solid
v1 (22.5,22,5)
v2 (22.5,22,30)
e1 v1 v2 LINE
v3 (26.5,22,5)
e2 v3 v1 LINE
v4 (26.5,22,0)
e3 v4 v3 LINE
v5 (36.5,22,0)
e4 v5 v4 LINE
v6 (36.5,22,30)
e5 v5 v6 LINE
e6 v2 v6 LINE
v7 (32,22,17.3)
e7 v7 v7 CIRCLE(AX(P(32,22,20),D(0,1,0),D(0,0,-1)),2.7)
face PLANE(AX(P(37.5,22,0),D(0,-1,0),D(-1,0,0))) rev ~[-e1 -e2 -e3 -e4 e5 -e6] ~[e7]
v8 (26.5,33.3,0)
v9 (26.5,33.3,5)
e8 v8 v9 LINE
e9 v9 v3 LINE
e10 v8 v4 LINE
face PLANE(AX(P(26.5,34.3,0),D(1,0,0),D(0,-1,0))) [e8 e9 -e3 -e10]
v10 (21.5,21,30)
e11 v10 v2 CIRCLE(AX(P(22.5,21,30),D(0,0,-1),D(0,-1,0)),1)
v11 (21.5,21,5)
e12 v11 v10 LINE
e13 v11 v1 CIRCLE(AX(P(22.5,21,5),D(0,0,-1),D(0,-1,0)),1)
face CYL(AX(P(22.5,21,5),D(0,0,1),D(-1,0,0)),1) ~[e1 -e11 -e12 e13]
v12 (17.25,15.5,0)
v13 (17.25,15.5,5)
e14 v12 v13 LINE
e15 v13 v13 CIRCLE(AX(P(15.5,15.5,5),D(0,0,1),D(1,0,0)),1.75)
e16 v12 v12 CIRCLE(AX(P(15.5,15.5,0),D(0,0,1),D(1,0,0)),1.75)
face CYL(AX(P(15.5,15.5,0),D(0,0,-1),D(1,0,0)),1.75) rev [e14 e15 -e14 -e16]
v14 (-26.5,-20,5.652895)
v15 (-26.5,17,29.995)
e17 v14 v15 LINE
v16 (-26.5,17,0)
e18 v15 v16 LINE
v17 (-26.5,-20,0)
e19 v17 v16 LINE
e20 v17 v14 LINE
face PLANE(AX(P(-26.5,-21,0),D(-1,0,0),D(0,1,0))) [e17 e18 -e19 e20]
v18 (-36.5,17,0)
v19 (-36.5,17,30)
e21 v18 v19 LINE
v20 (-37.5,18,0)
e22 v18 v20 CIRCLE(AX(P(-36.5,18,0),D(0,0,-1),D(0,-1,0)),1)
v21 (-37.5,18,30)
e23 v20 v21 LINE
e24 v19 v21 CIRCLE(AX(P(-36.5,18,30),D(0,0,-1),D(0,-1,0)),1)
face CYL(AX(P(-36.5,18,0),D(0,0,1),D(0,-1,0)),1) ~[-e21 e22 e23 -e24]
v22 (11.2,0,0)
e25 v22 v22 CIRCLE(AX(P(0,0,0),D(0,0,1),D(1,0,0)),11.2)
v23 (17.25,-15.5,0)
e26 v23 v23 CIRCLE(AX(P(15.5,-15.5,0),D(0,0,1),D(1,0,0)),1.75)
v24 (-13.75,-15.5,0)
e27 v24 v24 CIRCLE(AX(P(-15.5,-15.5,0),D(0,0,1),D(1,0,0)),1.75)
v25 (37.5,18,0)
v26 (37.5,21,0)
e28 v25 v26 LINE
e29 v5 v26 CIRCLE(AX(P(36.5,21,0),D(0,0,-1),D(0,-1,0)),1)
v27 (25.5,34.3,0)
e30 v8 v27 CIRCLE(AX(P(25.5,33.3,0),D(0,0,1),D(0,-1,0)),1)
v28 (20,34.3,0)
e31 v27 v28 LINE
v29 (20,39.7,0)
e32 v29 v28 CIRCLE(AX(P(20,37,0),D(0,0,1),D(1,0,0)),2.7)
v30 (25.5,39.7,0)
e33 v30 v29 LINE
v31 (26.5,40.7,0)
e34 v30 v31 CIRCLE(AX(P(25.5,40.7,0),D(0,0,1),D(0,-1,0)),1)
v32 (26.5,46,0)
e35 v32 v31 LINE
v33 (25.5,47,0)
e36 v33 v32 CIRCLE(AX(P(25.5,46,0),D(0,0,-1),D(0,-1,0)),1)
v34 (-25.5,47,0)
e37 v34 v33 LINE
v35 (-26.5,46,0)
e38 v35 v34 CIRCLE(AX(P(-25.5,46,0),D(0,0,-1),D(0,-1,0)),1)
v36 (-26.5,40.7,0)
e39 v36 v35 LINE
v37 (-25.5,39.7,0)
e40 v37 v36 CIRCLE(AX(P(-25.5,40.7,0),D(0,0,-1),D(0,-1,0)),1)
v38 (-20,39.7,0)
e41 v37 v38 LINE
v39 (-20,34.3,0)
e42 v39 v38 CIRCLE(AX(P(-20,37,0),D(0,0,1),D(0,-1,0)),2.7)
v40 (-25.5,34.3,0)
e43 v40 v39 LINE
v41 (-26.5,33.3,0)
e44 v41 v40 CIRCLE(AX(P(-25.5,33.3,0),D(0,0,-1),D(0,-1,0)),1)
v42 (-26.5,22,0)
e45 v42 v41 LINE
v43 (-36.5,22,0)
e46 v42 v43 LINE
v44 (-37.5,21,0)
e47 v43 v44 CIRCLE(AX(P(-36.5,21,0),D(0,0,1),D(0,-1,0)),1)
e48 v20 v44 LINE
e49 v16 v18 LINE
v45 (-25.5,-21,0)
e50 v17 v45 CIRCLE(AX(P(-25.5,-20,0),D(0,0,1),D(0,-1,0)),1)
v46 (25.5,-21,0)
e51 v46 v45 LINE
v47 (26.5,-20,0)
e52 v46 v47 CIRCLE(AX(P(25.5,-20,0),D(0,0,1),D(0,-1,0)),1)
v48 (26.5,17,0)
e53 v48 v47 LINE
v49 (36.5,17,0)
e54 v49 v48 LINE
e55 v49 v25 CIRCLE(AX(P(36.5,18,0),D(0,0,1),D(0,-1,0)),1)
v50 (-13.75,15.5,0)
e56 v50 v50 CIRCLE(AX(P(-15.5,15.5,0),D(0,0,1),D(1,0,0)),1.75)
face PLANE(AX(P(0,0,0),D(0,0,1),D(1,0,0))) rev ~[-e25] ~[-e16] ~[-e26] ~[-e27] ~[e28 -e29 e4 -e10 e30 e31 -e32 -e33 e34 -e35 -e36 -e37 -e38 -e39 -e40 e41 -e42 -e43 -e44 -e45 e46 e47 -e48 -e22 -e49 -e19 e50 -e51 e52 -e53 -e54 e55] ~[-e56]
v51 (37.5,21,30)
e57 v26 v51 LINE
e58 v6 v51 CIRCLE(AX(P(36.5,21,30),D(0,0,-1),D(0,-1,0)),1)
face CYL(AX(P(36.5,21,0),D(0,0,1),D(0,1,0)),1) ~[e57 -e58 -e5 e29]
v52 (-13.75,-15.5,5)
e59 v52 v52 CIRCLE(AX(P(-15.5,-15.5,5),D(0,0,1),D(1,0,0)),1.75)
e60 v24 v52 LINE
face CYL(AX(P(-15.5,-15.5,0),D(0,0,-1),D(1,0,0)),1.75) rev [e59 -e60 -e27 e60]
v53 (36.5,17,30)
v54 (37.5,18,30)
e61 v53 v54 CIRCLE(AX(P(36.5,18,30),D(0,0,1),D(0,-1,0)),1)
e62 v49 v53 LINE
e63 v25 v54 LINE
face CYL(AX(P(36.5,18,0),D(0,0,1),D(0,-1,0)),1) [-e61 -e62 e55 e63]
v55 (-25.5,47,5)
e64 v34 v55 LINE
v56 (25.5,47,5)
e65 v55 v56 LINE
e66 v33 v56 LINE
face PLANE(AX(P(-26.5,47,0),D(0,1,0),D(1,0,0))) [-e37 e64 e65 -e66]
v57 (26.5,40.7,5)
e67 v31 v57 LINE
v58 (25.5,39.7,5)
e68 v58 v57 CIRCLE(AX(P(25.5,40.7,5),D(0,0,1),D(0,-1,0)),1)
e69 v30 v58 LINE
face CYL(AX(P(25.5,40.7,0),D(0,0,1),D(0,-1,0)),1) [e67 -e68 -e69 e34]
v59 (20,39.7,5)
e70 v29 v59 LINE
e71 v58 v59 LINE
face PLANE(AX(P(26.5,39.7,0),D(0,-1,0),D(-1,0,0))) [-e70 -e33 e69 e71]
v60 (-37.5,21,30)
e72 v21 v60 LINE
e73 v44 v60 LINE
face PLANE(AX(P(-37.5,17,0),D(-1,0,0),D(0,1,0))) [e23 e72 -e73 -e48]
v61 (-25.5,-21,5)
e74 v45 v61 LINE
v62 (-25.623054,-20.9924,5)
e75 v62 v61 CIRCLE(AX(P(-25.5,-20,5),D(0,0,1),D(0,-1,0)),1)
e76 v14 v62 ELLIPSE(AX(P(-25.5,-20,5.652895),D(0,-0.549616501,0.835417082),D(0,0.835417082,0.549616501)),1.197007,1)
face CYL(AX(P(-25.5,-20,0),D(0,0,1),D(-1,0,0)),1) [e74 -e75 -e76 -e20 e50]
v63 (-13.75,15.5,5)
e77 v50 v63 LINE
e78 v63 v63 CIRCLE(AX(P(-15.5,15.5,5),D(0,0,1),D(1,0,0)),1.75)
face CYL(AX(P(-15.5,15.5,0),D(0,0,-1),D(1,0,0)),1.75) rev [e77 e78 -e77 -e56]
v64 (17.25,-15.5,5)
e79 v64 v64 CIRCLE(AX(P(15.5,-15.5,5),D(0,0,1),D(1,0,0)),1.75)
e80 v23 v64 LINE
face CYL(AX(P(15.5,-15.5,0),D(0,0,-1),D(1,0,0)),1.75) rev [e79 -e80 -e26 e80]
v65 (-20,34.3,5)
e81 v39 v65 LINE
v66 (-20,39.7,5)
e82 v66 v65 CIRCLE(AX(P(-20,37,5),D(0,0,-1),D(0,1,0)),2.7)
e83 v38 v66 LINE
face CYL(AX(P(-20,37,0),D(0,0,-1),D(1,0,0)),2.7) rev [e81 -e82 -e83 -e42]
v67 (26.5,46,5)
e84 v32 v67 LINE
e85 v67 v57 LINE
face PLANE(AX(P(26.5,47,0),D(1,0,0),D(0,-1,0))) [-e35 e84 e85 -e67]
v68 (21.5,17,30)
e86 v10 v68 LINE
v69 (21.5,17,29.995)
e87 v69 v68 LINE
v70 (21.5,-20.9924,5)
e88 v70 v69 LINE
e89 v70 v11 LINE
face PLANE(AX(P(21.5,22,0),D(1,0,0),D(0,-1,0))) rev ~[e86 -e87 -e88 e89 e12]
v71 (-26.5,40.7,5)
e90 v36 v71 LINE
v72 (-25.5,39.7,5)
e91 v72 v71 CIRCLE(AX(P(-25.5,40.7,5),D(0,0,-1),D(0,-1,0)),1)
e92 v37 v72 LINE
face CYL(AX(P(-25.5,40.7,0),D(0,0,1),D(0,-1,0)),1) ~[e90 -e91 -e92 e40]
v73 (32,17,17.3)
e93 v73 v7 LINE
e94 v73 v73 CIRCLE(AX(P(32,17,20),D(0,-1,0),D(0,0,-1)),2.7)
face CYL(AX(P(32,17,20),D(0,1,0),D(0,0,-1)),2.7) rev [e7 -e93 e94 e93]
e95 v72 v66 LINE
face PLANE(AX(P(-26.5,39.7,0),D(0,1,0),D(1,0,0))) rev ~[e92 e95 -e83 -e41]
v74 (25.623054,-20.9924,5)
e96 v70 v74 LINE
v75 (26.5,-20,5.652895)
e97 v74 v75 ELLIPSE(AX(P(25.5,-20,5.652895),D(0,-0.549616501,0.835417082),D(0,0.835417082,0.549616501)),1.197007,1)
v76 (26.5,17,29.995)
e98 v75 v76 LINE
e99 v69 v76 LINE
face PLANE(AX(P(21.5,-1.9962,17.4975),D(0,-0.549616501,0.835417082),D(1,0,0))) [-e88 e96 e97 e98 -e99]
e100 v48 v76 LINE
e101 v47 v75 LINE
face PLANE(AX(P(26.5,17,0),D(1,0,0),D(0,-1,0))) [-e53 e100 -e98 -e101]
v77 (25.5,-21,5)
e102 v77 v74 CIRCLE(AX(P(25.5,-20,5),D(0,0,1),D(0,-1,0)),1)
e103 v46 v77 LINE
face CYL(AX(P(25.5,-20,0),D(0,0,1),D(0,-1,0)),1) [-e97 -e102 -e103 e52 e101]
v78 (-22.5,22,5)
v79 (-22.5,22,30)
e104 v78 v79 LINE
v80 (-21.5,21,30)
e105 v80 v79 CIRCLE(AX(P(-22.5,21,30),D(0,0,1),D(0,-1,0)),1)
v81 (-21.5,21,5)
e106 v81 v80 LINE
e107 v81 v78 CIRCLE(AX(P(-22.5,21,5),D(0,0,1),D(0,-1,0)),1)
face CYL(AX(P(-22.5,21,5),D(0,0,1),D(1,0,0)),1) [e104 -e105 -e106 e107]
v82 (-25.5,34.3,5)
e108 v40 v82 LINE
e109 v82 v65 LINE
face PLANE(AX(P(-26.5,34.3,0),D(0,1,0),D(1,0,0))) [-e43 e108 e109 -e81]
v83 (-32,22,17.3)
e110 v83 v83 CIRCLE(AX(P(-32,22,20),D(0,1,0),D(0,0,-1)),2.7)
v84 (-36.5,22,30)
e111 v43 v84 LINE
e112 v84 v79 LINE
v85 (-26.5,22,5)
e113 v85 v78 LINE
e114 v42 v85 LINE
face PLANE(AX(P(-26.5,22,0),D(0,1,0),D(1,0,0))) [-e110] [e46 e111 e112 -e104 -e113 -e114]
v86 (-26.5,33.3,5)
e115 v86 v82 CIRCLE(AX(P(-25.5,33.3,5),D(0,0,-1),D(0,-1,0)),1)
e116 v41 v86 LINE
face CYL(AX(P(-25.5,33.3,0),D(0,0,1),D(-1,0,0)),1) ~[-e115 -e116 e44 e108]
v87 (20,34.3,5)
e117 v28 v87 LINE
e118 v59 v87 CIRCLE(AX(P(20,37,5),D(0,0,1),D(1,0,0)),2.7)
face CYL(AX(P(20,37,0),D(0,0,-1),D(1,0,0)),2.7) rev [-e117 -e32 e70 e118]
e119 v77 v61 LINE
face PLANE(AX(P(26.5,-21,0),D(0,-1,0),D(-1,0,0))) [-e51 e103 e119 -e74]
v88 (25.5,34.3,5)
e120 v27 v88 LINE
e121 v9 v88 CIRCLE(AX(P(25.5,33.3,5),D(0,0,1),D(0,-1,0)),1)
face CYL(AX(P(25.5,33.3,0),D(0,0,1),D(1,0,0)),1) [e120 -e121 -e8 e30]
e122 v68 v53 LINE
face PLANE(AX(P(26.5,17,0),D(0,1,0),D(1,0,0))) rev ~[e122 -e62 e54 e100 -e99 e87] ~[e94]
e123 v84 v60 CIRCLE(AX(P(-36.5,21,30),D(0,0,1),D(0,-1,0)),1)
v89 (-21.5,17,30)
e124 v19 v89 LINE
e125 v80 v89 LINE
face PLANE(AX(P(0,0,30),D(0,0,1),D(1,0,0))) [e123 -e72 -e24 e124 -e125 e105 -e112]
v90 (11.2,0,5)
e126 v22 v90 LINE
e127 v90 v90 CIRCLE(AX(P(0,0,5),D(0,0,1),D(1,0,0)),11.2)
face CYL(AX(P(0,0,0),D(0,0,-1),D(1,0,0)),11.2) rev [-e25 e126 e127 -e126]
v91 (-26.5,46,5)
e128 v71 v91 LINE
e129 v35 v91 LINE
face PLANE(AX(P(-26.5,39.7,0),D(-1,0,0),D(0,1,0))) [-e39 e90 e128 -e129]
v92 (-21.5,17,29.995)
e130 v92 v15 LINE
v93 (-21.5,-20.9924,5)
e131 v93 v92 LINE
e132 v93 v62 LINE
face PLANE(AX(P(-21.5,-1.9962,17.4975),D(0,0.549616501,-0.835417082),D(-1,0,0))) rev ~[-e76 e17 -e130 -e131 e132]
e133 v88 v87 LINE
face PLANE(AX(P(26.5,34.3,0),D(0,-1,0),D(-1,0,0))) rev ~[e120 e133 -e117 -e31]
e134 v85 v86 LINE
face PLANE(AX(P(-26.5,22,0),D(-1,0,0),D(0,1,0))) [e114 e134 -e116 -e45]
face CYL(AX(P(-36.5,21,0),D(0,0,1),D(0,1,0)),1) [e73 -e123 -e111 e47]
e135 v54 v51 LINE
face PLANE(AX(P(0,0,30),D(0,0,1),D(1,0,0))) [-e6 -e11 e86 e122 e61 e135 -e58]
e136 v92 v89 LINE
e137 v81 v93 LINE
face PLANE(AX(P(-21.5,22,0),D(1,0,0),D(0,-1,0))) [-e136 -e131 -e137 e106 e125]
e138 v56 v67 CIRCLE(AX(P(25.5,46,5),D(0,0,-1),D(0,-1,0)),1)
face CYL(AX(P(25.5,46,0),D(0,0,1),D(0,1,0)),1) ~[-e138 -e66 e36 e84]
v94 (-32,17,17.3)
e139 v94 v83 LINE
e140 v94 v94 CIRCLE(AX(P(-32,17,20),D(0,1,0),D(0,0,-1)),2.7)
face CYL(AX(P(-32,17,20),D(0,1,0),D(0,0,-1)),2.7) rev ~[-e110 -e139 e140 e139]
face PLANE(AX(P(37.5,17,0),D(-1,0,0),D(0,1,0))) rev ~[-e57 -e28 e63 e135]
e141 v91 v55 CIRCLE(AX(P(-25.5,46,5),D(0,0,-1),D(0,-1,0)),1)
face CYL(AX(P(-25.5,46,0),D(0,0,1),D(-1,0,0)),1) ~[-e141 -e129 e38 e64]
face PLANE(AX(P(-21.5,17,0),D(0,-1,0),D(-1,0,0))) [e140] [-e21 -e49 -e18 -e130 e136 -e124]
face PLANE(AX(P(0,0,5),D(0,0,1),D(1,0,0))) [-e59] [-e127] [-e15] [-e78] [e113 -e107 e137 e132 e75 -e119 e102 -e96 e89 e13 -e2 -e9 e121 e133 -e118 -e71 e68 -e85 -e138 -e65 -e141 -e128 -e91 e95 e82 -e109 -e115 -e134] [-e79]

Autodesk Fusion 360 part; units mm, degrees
sketch "スケッチ1" plane through (0, 0, 0) normal (0, 0, 1) x (1, 0, 0)
  line L0 (-26.5, 47) -> (26.5, 47)
  line L1 (26.5, 47) -> (26.5, -21)
  line L2 (26.5, -21) -> (-26.5, -21)
  line L3 (-26.5, -21) -> (-26.5, 47)
  circle A0 centre (0, 0) radius 11.2
  circle A1 centre (-15.5, -15.5) radius 1.75
  circle A2 centre (15.5, -15.5) radius 1.75
  circle A3 centre (15.5, 15.5) radius 1.75
  circle A4 centre (-15.5, 15.5) radius 1.75
  line L4 (21.5, 17) -> (37.5, 17)
  line L5 (37.5, 17) -> (37.5, 22)
  line L6 (37.5, 22) -> (21.5, 22)
  line L7 (21.5, 22) -> (21.5, 17)
  circle A5 centre (20, 37) radius 2.7
  line L8 (0, 0) -> (0, 47) construction
  line L9 (-37.5, 22) -> (-21.5, 22)
  line L10 (-21.5, 22) -> (-21.5, 17)
  line L11 (-21.5, 17) -> (-37.5, 17)
  line L12 (-37.5, 17) -> (-37.5, 22)
  circle A6 centre (-20, 37) radius 2.7
  line L13 (26.5, 39.7) -> (20, 39.7)
  line L14 (26.5, 34.3) -> (20, 34.3)
  line L15 (-26.5, 34.3) -> (-20, 34.3)
  line L16 (-26.5, 39.7) -> (-20, 39.7)
  dimension "d1" = 53
  dimension "d2" = 68
  dimension "d3" = 26.5
  dimension "d4" = 21
  dimension "d5" = 22.4
  dimension "d6" = 3.5
  dimension "d7" = 15.5
  dimension "d8" = 15.5
  dimension "d10" = 360
  dimension "d11" = 16
  dimension "d12" = 5
  dimension "d13" = 11
  dimension "d14" = 25
  dimension "d15" = 5.4
  dimension "d16" = 10
  dimension "d17" = 6.5
extrude "押し出し1" add sketch "スケッチ1" along normal blind 5 contours L0 L1 L2 L3 L4 L6 L7 A5 L9 L10 L11 A6 L13 L14 L15 L16
extrude "押し出し2" add sketch "スケッチ1" along normal blind 30 contours L3 L9 L10 L11 | L3 L9 L11 L12 | L1 L4 L5 L6 | L1 L4 L6 L7
chamfer "面取り1" distance 38 distance2 25 2 edges at (24, 17, 5) (-24, 17, 5) measured on face at (0.279, 27.7319, 5) measured on face at (0.279, 27.7319, 5)
fillet "フィレット1" radius 1 14 edges at (-37.5, 17, 15) (-37.5, 22, 15) (-26.5, -21, 2.5) (-26.5, 34.3, 2.5) (-26.5, 39.7, 2.5) (-26.5, 47, 2.5) (26.5, 47, 2.5) (26.5, 39.7, 2.5) (26.5, 34.3, 2.5) (37.5, 22, 15) (37.5, 17, 15) (21.5, 22, 17.5) (-21.5, 22, 17.5) (26.5, -21, 2.5)
hole "穴1" at (-32, 17, 20) direction (0, 1, 0) diameter 5.4 depth 11 tip angle 118
mirror "ミラー1" about plane through (0, 0, 0) normal (1, 0, 0) of "穴1"
equation "d3 = d1 / 2"
